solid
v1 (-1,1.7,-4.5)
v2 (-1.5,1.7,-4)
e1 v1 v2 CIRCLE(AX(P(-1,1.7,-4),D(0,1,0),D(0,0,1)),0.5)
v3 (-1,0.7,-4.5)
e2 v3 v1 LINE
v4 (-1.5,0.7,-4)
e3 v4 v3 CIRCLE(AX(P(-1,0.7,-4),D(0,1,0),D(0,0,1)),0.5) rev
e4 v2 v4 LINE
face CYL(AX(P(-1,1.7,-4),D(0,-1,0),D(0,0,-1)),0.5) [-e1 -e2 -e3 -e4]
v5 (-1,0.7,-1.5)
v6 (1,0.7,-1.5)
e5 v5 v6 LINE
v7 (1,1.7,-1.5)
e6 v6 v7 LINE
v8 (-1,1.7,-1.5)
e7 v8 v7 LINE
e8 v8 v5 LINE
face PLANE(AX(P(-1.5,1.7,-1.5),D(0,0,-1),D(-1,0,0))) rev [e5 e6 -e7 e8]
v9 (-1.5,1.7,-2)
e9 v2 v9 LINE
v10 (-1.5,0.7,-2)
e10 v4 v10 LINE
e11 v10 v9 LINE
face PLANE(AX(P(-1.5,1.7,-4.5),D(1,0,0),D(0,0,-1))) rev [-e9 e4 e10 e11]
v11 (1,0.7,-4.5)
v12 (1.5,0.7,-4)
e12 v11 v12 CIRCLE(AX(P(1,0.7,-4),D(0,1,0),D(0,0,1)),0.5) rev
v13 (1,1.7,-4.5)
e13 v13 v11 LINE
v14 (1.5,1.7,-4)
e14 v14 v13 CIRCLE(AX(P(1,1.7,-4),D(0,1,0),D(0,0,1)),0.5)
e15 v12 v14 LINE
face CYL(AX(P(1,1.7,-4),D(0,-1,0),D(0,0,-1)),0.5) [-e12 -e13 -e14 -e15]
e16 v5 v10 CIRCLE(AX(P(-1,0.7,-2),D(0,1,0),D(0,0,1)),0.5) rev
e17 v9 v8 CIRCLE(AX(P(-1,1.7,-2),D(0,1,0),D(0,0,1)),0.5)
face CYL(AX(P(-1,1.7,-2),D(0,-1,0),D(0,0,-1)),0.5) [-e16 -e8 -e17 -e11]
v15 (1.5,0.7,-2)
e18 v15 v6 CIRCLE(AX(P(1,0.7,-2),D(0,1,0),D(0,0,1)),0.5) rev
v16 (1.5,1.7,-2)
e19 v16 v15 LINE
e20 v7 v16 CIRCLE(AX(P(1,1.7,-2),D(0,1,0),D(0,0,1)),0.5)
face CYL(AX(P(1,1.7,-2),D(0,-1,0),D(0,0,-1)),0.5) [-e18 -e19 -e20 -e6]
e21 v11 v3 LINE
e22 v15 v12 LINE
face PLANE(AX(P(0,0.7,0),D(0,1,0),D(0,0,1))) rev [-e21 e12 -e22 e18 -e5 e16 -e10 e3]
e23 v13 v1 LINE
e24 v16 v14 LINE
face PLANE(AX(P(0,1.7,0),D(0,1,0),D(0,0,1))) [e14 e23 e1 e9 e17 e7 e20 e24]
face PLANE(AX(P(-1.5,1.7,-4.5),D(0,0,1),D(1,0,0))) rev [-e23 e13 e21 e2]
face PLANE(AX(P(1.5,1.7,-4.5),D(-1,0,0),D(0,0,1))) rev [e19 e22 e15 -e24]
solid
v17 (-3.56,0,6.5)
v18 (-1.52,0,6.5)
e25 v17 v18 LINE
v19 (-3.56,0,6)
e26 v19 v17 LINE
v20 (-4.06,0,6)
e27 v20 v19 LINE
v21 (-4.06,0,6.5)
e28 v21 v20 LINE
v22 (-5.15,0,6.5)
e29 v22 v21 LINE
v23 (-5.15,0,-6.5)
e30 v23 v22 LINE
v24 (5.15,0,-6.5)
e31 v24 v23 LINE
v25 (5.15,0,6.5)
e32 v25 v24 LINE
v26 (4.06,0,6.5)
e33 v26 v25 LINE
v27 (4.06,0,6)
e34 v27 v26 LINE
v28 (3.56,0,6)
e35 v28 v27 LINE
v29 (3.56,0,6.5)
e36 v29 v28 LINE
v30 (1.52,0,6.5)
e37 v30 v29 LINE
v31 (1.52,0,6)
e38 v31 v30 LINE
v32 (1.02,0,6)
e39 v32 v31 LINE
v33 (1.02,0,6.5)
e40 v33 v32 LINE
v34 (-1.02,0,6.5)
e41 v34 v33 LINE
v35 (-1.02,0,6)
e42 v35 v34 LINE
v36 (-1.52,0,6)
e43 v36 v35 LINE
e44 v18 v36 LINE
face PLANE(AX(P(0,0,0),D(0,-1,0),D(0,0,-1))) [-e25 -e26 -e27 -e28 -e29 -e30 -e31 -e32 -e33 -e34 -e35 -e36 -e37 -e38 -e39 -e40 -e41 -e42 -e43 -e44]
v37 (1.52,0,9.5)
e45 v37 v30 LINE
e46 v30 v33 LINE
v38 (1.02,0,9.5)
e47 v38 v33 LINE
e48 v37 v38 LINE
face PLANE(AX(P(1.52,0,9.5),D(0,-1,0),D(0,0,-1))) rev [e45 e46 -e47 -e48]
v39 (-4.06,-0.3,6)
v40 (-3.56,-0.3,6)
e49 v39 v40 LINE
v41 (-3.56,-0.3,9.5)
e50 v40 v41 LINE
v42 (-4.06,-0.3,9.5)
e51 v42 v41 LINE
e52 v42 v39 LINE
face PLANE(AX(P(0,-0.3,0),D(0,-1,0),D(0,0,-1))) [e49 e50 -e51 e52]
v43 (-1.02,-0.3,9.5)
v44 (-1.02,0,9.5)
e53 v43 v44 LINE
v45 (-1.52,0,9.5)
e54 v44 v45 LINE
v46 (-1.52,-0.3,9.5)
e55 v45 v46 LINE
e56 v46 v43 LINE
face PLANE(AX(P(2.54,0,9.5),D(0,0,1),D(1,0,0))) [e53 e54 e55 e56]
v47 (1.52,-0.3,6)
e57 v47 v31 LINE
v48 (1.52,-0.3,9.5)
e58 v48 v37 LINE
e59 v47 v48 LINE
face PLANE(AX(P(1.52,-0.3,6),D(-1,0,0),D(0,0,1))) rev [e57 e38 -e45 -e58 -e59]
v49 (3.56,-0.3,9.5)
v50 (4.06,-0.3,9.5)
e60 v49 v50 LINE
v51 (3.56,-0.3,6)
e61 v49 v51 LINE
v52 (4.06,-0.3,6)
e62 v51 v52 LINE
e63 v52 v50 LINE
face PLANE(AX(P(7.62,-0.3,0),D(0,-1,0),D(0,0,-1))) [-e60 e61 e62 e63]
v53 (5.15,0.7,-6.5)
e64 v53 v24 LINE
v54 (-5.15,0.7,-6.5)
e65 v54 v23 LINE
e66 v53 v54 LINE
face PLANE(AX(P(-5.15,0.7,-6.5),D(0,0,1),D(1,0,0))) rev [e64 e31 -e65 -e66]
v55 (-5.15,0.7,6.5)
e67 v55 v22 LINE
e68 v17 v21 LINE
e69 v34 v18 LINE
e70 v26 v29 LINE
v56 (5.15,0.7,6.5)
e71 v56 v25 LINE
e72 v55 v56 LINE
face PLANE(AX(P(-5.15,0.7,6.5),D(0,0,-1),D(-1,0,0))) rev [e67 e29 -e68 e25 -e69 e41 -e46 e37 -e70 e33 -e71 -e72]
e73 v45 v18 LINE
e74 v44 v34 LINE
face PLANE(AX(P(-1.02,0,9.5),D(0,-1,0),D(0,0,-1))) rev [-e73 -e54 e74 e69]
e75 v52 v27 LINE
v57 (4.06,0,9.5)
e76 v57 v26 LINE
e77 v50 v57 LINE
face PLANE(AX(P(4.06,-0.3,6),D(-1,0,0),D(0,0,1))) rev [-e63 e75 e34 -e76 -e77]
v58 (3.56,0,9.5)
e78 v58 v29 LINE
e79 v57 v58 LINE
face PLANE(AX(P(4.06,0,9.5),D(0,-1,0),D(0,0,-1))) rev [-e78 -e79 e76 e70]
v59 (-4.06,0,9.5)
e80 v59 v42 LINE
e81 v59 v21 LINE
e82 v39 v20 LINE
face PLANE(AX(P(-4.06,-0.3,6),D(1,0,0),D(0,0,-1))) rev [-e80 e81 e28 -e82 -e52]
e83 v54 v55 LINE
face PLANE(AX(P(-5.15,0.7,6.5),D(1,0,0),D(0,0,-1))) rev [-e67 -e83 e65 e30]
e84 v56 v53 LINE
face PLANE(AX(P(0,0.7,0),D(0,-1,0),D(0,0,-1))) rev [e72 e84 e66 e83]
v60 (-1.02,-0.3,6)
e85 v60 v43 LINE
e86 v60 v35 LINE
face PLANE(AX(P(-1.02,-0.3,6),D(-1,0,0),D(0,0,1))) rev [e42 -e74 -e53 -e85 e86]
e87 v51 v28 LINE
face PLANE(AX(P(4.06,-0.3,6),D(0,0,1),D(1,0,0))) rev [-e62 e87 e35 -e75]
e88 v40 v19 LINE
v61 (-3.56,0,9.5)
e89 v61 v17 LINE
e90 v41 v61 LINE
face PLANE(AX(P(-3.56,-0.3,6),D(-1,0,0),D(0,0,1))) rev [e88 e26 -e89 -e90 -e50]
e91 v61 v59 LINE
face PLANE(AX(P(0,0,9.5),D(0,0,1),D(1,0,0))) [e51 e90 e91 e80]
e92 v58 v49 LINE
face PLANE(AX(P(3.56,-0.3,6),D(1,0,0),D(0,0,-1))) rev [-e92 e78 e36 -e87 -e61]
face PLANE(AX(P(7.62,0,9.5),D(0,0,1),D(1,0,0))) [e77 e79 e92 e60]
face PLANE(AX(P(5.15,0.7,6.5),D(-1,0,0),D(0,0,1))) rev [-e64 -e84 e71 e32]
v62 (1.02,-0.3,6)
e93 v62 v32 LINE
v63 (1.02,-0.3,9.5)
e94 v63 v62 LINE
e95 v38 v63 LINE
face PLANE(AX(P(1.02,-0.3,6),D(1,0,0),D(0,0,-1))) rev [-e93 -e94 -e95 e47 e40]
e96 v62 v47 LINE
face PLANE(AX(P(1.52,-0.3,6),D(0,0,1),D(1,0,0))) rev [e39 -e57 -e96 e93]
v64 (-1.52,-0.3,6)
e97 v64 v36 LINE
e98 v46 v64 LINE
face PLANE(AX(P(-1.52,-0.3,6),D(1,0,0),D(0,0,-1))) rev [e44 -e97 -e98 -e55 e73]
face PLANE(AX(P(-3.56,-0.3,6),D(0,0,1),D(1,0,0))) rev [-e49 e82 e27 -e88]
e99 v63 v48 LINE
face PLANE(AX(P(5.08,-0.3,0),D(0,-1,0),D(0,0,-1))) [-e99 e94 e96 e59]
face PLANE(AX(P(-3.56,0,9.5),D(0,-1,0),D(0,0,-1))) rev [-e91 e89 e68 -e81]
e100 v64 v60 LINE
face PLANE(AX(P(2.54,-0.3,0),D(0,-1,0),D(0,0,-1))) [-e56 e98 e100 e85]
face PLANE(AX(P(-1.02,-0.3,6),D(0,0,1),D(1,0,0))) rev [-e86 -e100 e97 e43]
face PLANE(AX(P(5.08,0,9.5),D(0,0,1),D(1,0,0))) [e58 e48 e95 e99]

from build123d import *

# Parameters (mm, degrees)
SKETCH_1_W             = 10.3
SKETCH_1_H             = 13
EXTRUDE_1_DEPTH        = 0.7
SKETCH_2_W             = 3
SKETCH_2_H             = 3
EXTRUDE_2_DEPTH        = 1
FILLET_1_R             = 0.5
SKETCH_3_W             = 0.5
SKETCH_3_H             = 0.5
EXTRUDE_3_DEPTH        = 0.3
SKETCH_4_W             = 0.5
SKETCH_4_H             = 0.3
EXTRUDE_4_DEPTH        = 3
PATTERN_LINEAR_1_COUNT = 4
PATTERN_LINEAR_1_PITCH = 2.54


with BuildPart() as part:
    # Эскиз1 → Бобышка-Вытянуть1 (new body)
    with BuildSketch(Plane(origin=(0, 0, 0), x_dir=(1, 0, 0), z_dir=(0, 1, 0))):
        Rectangle(SKETCH_1_W, SKETCH_1_H)
    extrude(amount=EXTRUDE_1_DEPTH)



with BuildPart() as body_2:
    # Эскиз2 → Бобышка-Вытянуть2 (new body)
    with BuildSketch(Plane(origin=(0, 0.7, 0), x_dir=(1, 0, 0), z_dir=(0, 1, 0))):
        with Locations((0, 3)):
            Rectangle(SKETCH_2_W, SKETCH_2_H)
    extrude(amount=EXTRUDE_2_DEPTH)

    # Скругление1
    fillet_1_edges = [body_2.edges().sort_by_distance(p)[0] for p in [
        (1.5, 1.2, -1.5),
        (-1.5, 1.2, -1.5),
        (-1.5, 1.2, -4.5),
        (1.5, 1.2, -4.5),
    ]]
    fillet(fillet_1_edges, radius=FILLET_1_R)


with BuildPart() as body_3:
    # Эскиз3 → Бобышка-Вытянуть3 (new body)
    with BuildSketch(Plane.XZ):
        with Locations((-3.81, 6.25)):
            Rectangle(SKETCH_3_W, SKETCH_3_H)
    extrude_3 = extrude(amount=EXTRUDE_3_DEPTH)


with BuildPart() as part_1:
    add(part.part)

    add(body_3.part)  # Бобышка-Вытянуть4 merges body 3
    # Эскиз4 → Бобышка-Вытянуть4 (add)
    with BuildSketch(Plane.XY.offset(6.5)):
        with Locations((-3.81, -0.15)):
            Rectangle(SKETCH_4_W, SKETCH_4_H)
    extrude_4 = extrude(amount=EXTRUDE_4_DEPTH)

    # Линейный массив1: Бобышка-Вытянуть3, Бобышка-Вытянуть4 ×4
    with Locations(*[(i * PATTERN_LINEAR_1_PITCH, 0, 0) for i in range(1, PATTERN_LINEAR_1_COUNT)]):
        add(extrude_3)
        add(extrude_4)


solid = Compound([body_2.part, part_1.part])
